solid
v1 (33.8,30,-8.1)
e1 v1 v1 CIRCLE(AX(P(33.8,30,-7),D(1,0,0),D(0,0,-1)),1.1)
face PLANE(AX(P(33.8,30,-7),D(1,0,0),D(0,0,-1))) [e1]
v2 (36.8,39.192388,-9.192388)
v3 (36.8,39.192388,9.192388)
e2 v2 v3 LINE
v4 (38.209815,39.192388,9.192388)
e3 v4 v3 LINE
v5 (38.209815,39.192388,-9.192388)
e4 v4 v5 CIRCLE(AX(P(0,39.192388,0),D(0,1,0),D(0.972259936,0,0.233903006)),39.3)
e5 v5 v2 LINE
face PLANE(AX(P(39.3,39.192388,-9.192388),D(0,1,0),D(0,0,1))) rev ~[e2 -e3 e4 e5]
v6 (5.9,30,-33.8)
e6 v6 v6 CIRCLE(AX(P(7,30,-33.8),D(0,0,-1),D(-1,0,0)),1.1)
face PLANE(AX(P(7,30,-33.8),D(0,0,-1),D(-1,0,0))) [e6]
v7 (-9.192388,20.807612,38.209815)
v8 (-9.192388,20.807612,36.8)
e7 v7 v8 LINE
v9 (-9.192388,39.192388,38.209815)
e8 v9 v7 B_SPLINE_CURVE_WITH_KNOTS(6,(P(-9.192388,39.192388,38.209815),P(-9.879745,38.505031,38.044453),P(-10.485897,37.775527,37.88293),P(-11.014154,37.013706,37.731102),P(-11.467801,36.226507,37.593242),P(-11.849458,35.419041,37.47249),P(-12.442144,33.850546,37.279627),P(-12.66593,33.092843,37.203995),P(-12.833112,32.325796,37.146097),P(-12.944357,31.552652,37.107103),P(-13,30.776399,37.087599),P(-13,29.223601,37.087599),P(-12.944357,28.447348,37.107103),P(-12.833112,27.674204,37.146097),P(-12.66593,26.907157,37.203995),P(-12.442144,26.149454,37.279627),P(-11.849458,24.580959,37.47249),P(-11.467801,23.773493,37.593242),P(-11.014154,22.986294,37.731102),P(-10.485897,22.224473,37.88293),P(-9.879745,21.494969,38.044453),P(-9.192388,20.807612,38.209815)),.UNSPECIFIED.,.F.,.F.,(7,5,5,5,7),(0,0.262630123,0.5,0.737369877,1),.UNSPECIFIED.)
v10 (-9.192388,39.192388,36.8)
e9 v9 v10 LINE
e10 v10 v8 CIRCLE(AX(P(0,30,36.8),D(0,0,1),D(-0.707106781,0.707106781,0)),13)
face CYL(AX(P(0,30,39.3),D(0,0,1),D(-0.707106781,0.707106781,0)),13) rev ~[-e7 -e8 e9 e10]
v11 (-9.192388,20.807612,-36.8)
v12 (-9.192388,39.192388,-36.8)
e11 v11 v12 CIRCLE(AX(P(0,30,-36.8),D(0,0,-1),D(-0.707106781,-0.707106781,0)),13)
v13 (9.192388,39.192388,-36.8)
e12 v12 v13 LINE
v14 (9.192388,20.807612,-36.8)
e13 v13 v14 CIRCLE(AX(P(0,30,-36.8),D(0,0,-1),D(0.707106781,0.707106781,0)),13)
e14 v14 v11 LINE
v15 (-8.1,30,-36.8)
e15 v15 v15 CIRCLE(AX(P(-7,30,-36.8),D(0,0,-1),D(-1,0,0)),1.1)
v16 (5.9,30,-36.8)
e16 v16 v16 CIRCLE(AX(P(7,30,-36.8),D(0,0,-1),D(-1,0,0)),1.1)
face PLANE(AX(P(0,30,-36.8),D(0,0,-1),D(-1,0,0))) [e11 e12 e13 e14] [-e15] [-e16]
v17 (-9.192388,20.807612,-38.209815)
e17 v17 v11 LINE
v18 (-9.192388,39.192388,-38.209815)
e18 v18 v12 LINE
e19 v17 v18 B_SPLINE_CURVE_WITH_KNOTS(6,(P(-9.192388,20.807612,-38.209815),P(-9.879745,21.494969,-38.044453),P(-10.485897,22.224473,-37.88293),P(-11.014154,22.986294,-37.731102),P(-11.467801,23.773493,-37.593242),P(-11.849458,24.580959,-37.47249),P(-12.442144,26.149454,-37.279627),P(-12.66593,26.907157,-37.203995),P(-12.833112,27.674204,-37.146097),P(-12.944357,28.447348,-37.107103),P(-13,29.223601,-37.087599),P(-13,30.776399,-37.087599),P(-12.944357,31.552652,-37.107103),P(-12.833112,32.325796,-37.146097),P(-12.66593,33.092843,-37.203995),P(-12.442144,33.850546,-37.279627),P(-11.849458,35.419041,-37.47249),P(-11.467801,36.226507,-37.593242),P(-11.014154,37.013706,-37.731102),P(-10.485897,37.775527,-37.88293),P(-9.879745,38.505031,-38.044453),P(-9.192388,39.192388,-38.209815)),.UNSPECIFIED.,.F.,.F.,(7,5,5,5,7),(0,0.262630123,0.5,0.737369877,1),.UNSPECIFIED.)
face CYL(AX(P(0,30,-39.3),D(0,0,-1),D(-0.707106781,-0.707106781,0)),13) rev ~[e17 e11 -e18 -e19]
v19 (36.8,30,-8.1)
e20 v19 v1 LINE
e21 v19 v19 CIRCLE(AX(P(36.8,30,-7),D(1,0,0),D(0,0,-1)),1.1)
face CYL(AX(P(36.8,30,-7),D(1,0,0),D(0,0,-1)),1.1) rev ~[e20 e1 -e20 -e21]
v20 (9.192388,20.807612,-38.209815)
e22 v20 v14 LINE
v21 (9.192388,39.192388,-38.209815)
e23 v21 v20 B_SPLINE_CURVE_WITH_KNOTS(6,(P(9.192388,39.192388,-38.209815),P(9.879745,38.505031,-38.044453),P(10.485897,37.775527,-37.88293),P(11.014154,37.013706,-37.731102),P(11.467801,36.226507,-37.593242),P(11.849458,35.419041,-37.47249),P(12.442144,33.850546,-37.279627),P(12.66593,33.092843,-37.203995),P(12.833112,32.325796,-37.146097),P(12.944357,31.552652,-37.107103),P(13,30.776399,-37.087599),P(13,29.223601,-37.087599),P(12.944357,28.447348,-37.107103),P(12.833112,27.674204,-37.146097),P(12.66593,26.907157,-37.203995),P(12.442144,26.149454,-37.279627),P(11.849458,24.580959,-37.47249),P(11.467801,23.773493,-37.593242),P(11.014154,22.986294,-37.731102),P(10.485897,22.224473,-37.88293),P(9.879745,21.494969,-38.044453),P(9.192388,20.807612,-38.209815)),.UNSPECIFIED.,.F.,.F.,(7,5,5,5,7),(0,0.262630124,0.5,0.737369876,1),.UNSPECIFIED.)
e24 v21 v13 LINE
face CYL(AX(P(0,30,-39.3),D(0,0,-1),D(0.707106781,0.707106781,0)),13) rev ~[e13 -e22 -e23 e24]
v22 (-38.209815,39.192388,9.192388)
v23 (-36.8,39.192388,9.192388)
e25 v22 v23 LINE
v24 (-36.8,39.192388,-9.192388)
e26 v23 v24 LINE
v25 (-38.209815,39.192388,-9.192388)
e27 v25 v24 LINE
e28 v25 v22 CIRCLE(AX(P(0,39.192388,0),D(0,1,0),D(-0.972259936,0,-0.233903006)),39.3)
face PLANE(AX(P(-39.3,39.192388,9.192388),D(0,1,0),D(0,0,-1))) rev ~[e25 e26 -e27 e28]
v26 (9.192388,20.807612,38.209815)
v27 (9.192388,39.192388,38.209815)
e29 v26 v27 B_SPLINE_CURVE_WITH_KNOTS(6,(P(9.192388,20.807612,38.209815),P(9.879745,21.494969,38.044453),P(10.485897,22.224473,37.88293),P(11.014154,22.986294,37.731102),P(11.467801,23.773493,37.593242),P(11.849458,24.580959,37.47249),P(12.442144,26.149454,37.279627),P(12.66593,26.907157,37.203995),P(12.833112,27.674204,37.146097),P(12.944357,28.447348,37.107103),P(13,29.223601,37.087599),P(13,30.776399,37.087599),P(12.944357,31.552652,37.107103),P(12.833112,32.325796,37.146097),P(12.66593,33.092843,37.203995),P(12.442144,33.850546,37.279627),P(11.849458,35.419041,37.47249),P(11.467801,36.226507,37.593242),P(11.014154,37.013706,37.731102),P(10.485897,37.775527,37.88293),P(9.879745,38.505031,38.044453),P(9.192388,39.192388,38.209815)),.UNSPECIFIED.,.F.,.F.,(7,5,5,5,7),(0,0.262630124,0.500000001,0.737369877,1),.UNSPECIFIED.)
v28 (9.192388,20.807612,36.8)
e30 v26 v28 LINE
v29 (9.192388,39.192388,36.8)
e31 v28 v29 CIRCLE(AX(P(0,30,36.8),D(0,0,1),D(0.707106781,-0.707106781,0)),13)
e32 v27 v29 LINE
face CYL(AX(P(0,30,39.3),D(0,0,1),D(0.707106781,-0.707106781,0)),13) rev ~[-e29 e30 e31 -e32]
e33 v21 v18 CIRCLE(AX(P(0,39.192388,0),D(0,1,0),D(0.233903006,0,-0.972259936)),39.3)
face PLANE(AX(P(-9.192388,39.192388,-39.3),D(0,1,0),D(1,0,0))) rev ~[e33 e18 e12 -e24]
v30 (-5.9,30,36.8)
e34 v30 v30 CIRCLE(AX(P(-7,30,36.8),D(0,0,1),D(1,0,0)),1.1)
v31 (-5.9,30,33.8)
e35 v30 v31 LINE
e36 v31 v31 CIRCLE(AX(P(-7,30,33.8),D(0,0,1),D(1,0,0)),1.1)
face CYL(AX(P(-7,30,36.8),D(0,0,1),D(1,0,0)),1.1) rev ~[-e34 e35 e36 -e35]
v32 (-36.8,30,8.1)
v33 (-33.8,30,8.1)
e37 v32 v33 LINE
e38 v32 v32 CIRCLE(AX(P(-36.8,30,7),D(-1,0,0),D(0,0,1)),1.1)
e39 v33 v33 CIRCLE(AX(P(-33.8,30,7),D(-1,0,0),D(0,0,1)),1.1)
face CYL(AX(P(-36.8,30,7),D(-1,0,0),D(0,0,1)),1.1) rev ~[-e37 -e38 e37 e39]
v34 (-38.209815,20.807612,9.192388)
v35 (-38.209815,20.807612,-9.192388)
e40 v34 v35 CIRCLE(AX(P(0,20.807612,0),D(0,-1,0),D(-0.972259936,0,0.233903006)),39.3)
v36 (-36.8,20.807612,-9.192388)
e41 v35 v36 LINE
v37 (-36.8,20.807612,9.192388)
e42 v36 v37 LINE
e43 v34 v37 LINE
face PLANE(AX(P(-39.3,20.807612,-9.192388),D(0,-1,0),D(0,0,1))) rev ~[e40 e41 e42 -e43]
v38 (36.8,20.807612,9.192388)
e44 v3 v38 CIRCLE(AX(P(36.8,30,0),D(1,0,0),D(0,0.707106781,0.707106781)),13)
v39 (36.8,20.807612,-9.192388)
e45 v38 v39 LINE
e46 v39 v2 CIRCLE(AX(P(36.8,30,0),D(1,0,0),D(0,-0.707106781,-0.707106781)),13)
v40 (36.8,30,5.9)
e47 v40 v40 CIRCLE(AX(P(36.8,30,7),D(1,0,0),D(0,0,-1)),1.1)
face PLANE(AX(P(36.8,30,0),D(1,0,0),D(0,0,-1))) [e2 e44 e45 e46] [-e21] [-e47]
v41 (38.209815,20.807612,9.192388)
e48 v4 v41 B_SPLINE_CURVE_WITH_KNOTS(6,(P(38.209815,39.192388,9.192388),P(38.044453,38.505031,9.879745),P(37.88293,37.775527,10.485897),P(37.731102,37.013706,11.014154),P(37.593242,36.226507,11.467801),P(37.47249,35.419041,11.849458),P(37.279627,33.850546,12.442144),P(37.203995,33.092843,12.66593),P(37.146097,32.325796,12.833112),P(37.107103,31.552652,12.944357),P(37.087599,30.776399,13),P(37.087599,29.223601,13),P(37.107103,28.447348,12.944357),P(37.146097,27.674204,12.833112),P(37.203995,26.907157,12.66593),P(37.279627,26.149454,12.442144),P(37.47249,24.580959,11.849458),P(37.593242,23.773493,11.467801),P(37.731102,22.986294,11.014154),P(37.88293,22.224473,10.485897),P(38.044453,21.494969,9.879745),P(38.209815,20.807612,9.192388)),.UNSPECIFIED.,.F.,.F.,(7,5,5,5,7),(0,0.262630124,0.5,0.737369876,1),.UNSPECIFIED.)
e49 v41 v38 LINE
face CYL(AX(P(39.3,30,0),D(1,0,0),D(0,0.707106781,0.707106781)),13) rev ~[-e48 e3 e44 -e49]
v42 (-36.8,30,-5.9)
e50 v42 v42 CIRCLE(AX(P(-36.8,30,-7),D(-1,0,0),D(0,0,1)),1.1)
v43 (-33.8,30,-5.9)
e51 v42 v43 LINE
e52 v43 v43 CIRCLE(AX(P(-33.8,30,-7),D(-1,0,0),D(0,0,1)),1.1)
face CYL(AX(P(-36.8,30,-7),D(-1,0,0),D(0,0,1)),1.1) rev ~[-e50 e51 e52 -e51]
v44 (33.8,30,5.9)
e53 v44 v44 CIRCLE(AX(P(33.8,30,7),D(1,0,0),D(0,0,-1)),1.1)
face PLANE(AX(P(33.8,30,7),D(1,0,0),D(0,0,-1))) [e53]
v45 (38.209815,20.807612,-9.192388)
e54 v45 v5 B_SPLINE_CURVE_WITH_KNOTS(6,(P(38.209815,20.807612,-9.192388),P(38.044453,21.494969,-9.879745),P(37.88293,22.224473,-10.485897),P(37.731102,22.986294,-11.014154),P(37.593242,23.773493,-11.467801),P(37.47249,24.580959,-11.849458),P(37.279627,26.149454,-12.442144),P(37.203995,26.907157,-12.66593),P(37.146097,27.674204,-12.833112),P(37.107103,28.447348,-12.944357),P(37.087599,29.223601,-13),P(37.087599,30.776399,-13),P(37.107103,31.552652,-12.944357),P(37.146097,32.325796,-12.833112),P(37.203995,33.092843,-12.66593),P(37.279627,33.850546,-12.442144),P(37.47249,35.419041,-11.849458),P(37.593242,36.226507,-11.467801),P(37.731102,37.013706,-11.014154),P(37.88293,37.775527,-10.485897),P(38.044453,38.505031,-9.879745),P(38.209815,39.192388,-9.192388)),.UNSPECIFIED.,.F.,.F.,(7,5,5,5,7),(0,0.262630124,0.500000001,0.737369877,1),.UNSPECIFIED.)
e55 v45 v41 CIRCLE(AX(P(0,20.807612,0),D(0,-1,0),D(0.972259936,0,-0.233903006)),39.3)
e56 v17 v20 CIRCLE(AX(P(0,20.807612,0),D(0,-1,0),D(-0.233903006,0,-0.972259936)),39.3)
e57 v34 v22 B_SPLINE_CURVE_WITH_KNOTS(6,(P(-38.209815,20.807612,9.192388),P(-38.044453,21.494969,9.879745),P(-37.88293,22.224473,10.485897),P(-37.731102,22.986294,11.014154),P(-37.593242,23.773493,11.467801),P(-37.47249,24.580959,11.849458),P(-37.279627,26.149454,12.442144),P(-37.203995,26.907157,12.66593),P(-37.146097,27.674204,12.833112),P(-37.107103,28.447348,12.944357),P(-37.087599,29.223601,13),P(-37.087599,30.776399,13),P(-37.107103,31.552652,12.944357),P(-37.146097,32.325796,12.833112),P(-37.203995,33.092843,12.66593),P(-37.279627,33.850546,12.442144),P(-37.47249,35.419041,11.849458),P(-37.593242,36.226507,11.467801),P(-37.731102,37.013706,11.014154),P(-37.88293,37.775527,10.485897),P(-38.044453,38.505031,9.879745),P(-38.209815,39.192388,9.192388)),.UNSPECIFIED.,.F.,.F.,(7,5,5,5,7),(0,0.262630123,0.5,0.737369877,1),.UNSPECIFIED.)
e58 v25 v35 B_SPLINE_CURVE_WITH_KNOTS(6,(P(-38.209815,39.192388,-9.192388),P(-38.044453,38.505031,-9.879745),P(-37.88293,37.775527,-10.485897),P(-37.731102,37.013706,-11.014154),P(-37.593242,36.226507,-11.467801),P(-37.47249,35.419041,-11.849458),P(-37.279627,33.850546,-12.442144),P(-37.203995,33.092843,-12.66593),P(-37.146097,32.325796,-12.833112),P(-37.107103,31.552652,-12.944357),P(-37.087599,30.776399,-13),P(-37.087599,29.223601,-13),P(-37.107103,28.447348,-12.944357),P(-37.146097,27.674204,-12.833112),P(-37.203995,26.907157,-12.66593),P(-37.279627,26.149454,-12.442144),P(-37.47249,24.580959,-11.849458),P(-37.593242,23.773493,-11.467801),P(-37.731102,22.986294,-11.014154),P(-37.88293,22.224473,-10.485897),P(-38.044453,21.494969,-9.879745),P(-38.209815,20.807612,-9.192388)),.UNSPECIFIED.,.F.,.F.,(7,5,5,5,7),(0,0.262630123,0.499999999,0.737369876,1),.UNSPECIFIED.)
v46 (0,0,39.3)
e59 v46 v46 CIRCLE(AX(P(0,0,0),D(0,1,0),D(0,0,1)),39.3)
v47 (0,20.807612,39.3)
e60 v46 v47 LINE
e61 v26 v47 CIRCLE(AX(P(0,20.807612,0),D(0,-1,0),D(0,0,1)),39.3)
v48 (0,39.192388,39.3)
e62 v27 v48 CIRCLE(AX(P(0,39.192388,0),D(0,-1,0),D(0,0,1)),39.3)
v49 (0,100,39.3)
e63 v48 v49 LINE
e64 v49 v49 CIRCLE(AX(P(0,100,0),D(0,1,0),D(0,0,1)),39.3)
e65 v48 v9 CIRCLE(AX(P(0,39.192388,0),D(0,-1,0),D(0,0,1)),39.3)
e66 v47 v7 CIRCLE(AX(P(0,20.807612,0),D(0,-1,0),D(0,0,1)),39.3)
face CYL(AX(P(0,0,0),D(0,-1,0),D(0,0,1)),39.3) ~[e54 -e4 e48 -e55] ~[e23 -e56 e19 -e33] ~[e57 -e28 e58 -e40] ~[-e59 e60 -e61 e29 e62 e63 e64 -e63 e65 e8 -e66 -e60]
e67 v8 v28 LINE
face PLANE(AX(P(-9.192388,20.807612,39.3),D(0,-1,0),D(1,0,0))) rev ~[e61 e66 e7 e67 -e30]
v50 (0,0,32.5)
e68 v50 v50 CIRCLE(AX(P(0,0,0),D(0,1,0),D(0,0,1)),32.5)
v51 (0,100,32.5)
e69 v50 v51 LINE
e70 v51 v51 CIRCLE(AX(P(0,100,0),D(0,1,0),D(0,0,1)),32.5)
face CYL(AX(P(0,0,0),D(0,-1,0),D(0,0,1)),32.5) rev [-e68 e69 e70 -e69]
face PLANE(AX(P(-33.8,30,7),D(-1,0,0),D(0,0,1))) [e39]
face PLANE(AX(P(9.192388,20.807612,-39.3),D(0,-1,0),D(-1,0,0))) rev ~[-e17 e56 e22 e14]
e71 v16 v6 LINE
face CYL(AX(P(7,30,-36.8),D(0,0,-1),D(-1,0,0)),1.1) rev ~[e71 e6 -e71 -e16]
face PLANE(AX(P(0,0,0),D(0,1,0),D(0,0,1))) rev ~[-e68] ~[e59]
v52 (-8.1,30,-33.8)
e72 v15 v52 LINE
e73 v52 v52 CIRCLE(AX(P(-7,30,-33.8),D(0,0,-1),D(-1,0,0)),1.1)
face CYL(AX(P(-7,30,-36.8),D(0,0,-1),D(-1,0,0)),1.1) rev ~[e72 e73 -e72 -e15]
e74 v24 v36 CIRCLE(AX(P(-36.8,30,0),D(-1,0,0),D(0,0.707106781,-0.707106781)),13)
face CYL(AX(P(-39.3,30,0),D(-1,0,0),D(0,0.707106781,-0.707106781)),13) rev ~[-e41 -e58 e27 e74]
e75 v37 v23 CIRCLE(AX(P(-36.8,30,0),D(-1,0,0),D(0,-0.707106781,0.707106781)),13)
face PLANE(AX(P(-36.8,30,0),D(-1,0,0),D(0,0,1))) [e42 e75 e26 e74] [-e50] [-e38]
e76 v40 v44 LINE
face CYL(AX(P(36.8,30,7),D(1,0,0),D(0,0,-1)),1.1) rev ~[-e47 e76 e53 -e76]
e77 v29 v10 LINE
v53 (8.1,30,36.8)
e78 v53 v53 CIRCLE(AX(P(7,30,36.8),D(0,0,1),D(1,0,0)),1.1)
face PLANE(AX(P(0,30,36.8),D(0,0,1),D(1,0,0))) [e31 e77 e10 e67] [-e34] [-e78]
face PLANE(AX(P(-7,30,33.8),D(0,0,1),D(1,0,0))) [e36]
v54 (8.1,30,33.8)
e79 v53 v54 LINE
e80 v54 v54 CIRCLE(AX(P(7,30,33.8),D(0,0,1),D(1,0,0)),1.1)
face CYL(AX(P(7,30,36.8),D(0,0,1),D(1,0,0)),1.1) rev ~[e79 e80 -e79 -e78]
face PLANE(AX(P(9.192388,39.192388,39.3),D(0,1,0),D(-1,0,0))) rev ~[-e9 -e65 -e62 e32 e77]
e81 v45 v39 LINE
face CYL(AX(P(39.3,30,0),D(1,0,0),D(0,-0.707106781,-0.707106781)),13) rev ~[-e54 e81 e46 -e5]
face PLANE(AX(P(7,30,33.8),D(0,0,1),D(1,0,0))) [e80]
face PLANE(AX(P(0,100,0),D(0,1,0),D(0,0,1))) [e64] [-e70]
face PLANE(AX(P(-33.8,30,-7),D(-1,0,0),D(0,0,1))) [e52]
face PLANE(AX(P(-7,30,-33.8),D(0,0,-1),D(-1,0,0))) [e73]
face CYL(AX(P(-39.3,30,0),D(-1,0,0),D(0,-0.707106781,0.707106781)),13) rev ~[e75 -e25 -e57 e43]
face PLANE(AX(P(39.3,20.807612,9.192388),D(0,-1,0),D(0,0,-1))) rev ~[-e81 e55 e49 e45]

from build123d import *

# Parameters (mm, degrees)
SKETCH2_R           = 39.3
SKETCH2_R_2         = 32.5
BOSS_EXTRUDE1_DEPTH = 100
CUT_EXTRUDE1_START  = 39.3
CUT_EXTRUDE1_DEPTH  = 2.5
SKETCH4_R           = 1.1
CUT_EXTRUDE2_DEPTH  = 3
CIRPATTERN1_COUNT   = 4


with BuildPart() as part:
    # Sketch2 → Boss-Extrude1 (new body)
    with BuildSketch(Plane(origin=(0, 0, 0), x_dir=(1, 0, 0), z_dir=(0, 1, 0))):
        Circle(SKETCH2_R)
        Circle(SKETCH2_R_2, mode=Mode.SUBTRACT)
    extrude(amount=BOSS_EXTRUDE1_DEPTH)

    # Sketch3 → Cut-Extrude1 (cut)
    with BuildSketch(Plane.XY.offset(CUT_EXTRUDE1_START)):
        with BuildLine():
            Line((9.192388155, 39.192388155), (-9.192388155, 39.192388155))
            ThreePointArc((-9.192388155, 39.192388155), (-13, 30), (-9.192388155, 20.807611845))
            Line((-9.192388155, 20.807611845), (9.192388155, 20.807611845))
            ThreePointArc((9.192388155, 20.807611845), (13, 30), (9.192388155, 39.192388155))
        make_face()
    cut_extrude1 = extrude(amount=-CUT_EXTRUDE1_DEPTH, mode=Mode.SUBTRACT)

    # Sketch4 → Cut-Extrude2 (cut)
    with BuildSketch(Plane.XY.offset(36.8)):
        with Locations((7, 30)):
            Circle(SKETCH4_R)
        with Locations((-7, 30)):
            Circle(SKETCH4_R)
    cut_extrude2 = extrude(amount=-CUT_EXTRUDE2_DEPTH, mode=Mode.SUBTRACT)

    # CirPattern1: Cut-Extrude1, Cut-Extrude2 ×4 about axis
    cirpattern1_axis = Axis((0, 100, 0), (0, -1, 0))
    add([cut_extrude1.rotate(cirpattern1_axis, i * 360 / CIRPATTERN1_COUNT) for i in range(1, CIRPATTERN1_COUNT)], mode=Mode.SUBTRACT)
    add([cut_extrude2.rotate(cirpattern1_axis, i * 360 / CIRPATTERN1_COUNT) for i in range(1, CIRPATTERN1_COUNT)], mode=Mode.SUBTRACT)


solid = part.part
